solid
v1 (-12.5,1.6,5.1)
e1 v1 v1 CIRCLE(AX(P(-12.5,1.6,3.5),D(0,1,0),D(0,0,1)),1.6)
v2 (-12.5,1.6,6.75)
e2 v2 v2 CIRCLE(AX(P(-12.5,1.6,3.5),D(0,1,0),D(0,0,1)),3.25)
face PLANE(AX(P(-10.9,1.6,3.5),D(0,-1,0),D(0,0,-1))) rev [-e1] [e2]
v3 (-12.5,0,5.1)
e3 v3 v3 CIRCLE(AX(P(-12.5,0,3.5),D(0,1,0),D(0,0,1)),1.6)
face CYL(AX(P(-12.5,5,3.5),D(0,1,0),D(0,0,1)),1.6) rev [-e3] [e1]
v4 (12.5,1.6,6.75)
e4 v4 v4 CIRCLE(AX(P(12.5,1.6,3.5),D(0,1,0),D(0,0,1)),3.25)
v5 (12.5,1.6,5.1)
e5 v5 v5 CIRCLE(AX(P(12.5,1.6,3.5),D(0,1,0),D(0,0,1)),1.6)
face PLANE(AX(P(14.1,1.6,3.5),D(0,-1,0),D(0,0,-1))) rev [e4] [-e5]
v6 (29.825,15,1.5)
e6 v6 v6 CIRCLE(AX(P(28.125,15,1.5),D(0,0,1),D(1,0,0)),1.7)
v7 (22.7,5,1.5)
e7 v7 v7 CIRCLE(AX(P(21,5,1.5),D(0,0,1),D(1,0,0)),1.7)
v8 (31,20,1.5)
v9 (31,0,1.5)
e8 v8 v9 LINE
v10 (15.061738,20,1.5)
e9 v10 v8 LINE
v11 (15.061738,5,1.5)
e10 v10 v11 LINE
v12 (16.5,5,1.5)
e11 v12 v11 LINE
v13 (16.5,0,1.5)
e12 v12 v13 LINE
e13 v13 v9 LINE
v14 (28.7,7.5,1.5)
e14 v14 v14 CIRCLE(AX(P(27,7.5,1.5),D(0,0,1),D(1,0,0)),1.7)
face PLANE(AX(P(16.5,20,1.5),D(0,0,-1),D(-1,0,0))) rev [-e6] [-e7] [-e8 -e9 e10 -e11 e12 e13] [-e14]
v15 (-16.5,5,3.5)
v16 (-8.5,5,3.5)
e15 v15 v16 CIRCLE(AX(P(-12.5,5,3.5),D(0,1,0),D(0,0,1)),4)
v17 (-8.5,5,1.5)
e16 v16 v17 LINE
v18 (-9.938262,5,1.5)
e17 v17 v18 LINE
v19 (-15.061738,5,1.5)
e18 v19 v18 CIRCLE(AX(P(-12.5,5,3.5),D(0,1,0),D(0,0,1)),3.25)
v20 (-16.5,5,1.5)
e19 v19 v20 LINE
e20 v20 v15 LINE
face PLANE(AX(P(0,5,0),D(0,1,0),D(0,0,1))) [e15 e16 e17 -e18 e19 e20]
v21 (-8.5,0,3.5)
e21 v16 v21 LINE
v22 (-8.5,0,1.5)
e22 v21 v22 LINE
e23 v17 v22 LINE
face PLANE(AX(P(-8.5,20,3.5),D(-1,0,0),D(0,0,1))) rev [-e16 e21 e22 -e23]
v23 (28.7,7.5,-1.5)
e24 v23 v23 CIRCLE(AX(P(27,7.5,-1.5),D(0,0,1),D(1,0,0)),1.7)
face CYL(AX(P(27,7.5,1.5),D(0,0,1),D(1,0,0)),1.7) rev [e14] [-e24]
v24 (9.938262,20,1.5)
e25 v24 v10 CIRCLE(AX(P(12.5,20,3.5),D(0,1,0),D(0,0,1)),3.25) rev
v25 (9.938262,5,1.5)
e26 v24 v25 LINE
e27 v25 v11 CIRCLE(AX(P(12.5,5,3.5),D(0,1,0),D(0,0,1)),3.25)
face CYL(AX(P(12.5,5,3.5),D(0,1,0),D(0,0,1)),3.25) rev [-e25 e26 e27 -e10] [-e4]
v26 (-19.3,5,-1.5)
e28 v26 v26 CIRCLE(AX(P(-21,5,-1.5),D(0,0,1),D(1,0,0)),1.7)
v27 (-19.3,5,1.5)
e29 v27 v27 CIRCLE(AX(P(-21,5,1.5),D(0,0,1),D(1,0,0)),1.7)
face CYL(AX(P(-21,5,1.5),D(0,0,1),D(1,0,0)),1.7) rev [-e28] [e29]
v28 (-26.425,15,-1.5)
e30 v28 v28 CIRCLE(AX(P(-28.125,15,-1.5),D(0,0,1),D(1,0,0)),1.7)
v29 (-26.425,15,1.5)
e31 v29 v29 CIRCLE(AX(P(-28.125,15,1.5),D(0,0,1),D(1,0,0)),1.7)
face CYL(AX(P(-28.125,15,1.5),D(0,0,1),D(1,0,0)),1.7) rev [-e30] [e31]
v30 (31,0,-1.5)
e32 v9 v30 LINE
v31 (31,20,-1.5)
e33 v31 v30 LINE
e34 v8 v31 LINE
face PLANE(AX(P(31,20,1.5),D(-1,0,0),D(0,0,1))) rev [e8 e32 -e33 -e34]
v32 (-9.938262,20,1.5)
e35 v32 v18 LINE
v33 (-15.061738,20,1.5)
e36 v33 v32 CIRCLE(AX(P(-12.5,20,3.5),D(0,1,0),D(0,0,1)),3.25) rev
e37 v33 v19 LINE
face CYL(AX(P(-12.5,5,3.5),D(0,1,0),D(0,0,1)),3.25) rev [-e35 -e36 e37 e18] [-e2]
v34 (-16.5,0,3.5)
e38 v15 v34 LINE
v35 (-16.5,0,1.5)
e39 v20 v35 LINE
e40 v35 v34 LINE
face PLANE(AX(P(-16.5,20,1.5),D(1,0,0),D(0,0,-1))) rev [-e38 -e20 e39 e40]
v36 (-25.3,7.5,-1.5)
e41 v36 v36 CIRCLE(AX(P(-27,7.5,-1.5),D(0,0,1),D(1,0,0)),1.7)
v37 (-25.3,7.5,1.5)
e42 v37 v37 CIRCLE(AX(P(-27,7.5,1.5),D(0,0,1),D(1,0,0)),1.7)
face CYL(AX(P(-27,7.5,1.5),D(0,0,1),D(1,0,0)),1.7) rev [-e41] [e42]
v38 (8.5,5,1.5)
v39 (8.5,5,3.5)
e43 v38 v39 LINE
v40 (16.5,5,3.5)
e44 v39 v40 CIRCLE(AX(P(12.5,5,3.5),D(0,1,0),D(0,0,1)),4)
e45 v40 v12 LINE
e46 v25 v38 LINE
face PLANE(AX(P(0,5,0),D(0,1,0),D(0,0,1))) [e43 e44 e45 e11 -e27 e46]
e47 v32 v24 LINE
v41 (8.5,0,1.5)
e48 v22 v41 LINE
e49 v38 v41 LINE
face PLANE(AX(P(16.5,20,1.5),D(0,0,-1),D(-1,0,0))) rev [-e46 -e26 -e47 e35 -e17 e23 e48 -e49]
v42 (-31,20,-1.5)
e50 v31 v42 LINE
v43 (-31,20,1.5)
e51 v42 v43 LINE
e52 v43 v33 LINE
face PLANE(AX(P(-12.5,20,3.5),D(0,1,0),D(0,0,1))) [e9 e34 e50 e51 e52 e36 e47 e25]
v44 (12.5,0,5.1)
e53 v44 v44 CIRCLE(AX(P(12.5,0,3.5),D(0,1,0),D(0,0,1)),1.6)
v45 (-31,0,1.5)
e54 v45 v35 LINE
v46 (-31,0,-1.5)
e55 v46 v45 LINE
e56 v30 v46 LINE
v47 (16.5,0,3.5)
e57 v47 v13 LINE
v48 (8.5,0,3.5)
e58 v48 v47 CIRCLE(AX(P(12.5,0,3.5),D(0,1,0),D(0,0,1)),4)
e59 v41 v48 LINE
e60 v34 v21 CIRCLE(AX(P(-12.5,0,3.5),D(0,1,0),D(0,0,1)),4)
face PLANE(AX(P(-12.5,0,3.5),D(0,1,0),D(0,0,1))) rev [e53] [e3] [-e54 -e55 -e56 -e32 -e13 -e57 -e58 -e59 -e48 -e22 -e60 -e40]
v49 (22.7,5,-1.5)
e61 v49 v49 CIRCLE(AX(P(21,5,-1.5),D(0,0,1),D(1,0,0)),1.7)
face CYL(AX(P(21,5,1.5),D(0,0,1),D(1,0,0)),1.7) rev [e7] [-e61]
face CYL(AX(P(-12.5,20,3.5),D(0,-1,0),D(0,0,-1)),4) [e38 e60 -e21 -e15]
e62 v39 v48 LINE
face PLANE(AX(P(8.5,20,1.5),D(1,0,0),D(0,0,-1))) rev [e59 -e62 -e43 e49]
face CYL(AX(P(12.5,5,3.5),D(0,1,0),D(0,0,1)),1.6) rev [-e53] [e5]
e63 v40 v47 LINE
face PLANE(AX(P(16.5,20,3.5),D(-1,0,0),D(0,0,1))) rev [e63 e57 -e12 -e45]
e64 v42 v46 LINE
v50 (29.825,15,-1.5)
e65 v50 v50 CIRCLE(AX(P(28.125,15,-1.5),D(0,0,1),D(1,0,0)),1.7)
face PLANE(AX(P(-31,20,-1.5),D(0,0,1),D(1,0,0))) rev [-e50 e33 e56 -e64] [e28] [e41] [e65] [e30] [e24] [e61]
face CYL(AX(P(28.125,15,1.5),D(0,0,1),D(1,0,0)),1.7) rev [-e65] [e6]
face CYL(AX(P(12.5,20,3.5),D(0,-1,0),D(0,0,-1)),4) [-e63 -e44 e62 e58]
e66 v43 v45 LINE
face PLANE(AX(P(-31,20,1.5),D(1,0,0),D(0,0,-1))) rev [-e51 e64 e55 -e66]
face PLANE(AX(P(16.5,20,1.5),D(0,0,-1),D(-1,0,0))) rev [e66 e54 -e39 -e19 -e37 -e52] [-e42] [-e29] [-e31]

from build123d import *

# Parameters (mm, degrees)
BOSS_EXTRUDE1_DEPTH                          = 20
SKETCH2_W                                    = 33
SKETCH2_H                                    = 6
CUT_EXTRUDE1_DEPTH                           = 15
CBORE_FOR_M3_HEX_SOCKET_HEAD_CAP_SCR_2_COUNT = 2
CBORE_FOR_M3_HEX_SOCKET_HEAD_CAP_SCR_2_PITCH = 25
CUT_EXTRUDE2_DEPTH                           = 15
M3_CLEARANCE_HOLE1_D                         = 3.4
M3_CLEARANCE_HOLE1_DEPTH                     = 3


with BuildPart() as part:
    # Sketch1 → Boss-Extrude1 (new body)
    with BuildSketch(Plane(origin=(0, 0, 0), x_dir=(1, 0, 0), z_dir=(0, 1, 0))):
        with BuildLine():
            Line((-31, -1.5), (-16.5, -1.5))
            Line((-16.5, -1.5), (-16.5, -3.5))
            ThreePointArc((-16.5, -3.5), (-12.5, -7.5), (-8.5, -3.5))
            Line((-8.5, -3.5), (-8.5, -1.5))
            Line((-8.5, -1.5), (8.5, -1.5))
            Line((8.5, -1.5), (8.5, -3.5))
            ThreePointArc((8.5, -3.5), (12.5, -7.5), (16.5, -3.5))
            Line((16.5, -3.5), (16.5, -1.5))
            Line((16.5, -1.5), (31, -1.5))
            Line((31, -1.5), (31, 1.5))
            Line((31, 1.5), (-31, 1.5))
            Line((-31, 1.5), (-31, -1.5))
        make_face()
    extrude(amount=BOSS_EXTRUDE1_DEPTH)

    # Sketch2 → Cut-Extrude1 (cut)
    with BuildSketch(Plane(origin=(0, 20, 0), x_dir=(1, 0, 0), z_dir=(0, 1, 0))):
        with Locations((0, -4.5)):
            Rectangle(SKETCH2_W, SKETCH2_H)
    extrude(amount=-CUT_EXTRUDE1_DEPTH, mode=Mode.SUBTRACT)

    # Sketch4 → CBORE for M3 Hex Socket Head Cap Screw1 (revolve, cut)
    with BuildSketch(Plane(origin=(-12.5, 5, 3.5), x_dir=(0, 0, 1), z_dir=(1, 0, 0))):
        Polygon((0, 0), (0, 5), (1.6, 5), (1.6, 3.4), (3.25, 3.4), (3.25, 0), align=None)
    cbore_for_m3_hex_socket_head_cap_screw1 = revolve(axis=Axis((-12.5, 11.35, 3.5), (0, -1, 0)), mode=Mode.SUBTRACT)

    # CBORE for M3 Hex Socket Head Cap Scr 2: CBORE for M3 Hex Socket Head Cap Screw1 ×2
    with Locations(*[(i * CBORE_FOR_M3_HEX_SOCKET_HEAD_CAP_SCR_2_PITCH, 0, 0) for i in range(1, CBORE_FOR_M3_HEX_SOCKET_HEAD_CAP_SCR_2_COUNT)]):
        add(cbore_for_m3_hex_socket_head_cap_screw1, mode=Mode.SUBTRACT)

    # Sketch5 → Cut-Extrude2 (cut)
    with BuildSketch(Plane.XZ.offset(-5)):
        with BuildLine():
            Line((-9.938262309, 1.5), (-15.061737691, 1.5))
            ThreePointArc((-15.061737691, 1.5), (-12.5, 0.25), (-9.938262309, 1.5))
        make_face()
        with BuildLine():
            Line((15.061737691, 1.5), (9.938262309, 1.5))
            ThreePointArc((9.938262309, 1.5), (12.5, 0.25), (15.061737691, 1.5))
        make_face()
    extrude(amount=-CUT_EXTRUDE2_DEPTH, mode=Mode.SUBTRACT)

    # M3 Clearance Hole1
    with Locations(Plane.XY.offset(1.5)):
        with Locations((-28.125, 15), (28.125, 15), (-21, 5), (21, 5), (-27, 7.5), (27, 7.5)):
            Hole(M3_CLEARANCE_HOLE1_D / 2, depth=M3_CLEARANCE_HOLE1_DEPTH)


solid = part.part
